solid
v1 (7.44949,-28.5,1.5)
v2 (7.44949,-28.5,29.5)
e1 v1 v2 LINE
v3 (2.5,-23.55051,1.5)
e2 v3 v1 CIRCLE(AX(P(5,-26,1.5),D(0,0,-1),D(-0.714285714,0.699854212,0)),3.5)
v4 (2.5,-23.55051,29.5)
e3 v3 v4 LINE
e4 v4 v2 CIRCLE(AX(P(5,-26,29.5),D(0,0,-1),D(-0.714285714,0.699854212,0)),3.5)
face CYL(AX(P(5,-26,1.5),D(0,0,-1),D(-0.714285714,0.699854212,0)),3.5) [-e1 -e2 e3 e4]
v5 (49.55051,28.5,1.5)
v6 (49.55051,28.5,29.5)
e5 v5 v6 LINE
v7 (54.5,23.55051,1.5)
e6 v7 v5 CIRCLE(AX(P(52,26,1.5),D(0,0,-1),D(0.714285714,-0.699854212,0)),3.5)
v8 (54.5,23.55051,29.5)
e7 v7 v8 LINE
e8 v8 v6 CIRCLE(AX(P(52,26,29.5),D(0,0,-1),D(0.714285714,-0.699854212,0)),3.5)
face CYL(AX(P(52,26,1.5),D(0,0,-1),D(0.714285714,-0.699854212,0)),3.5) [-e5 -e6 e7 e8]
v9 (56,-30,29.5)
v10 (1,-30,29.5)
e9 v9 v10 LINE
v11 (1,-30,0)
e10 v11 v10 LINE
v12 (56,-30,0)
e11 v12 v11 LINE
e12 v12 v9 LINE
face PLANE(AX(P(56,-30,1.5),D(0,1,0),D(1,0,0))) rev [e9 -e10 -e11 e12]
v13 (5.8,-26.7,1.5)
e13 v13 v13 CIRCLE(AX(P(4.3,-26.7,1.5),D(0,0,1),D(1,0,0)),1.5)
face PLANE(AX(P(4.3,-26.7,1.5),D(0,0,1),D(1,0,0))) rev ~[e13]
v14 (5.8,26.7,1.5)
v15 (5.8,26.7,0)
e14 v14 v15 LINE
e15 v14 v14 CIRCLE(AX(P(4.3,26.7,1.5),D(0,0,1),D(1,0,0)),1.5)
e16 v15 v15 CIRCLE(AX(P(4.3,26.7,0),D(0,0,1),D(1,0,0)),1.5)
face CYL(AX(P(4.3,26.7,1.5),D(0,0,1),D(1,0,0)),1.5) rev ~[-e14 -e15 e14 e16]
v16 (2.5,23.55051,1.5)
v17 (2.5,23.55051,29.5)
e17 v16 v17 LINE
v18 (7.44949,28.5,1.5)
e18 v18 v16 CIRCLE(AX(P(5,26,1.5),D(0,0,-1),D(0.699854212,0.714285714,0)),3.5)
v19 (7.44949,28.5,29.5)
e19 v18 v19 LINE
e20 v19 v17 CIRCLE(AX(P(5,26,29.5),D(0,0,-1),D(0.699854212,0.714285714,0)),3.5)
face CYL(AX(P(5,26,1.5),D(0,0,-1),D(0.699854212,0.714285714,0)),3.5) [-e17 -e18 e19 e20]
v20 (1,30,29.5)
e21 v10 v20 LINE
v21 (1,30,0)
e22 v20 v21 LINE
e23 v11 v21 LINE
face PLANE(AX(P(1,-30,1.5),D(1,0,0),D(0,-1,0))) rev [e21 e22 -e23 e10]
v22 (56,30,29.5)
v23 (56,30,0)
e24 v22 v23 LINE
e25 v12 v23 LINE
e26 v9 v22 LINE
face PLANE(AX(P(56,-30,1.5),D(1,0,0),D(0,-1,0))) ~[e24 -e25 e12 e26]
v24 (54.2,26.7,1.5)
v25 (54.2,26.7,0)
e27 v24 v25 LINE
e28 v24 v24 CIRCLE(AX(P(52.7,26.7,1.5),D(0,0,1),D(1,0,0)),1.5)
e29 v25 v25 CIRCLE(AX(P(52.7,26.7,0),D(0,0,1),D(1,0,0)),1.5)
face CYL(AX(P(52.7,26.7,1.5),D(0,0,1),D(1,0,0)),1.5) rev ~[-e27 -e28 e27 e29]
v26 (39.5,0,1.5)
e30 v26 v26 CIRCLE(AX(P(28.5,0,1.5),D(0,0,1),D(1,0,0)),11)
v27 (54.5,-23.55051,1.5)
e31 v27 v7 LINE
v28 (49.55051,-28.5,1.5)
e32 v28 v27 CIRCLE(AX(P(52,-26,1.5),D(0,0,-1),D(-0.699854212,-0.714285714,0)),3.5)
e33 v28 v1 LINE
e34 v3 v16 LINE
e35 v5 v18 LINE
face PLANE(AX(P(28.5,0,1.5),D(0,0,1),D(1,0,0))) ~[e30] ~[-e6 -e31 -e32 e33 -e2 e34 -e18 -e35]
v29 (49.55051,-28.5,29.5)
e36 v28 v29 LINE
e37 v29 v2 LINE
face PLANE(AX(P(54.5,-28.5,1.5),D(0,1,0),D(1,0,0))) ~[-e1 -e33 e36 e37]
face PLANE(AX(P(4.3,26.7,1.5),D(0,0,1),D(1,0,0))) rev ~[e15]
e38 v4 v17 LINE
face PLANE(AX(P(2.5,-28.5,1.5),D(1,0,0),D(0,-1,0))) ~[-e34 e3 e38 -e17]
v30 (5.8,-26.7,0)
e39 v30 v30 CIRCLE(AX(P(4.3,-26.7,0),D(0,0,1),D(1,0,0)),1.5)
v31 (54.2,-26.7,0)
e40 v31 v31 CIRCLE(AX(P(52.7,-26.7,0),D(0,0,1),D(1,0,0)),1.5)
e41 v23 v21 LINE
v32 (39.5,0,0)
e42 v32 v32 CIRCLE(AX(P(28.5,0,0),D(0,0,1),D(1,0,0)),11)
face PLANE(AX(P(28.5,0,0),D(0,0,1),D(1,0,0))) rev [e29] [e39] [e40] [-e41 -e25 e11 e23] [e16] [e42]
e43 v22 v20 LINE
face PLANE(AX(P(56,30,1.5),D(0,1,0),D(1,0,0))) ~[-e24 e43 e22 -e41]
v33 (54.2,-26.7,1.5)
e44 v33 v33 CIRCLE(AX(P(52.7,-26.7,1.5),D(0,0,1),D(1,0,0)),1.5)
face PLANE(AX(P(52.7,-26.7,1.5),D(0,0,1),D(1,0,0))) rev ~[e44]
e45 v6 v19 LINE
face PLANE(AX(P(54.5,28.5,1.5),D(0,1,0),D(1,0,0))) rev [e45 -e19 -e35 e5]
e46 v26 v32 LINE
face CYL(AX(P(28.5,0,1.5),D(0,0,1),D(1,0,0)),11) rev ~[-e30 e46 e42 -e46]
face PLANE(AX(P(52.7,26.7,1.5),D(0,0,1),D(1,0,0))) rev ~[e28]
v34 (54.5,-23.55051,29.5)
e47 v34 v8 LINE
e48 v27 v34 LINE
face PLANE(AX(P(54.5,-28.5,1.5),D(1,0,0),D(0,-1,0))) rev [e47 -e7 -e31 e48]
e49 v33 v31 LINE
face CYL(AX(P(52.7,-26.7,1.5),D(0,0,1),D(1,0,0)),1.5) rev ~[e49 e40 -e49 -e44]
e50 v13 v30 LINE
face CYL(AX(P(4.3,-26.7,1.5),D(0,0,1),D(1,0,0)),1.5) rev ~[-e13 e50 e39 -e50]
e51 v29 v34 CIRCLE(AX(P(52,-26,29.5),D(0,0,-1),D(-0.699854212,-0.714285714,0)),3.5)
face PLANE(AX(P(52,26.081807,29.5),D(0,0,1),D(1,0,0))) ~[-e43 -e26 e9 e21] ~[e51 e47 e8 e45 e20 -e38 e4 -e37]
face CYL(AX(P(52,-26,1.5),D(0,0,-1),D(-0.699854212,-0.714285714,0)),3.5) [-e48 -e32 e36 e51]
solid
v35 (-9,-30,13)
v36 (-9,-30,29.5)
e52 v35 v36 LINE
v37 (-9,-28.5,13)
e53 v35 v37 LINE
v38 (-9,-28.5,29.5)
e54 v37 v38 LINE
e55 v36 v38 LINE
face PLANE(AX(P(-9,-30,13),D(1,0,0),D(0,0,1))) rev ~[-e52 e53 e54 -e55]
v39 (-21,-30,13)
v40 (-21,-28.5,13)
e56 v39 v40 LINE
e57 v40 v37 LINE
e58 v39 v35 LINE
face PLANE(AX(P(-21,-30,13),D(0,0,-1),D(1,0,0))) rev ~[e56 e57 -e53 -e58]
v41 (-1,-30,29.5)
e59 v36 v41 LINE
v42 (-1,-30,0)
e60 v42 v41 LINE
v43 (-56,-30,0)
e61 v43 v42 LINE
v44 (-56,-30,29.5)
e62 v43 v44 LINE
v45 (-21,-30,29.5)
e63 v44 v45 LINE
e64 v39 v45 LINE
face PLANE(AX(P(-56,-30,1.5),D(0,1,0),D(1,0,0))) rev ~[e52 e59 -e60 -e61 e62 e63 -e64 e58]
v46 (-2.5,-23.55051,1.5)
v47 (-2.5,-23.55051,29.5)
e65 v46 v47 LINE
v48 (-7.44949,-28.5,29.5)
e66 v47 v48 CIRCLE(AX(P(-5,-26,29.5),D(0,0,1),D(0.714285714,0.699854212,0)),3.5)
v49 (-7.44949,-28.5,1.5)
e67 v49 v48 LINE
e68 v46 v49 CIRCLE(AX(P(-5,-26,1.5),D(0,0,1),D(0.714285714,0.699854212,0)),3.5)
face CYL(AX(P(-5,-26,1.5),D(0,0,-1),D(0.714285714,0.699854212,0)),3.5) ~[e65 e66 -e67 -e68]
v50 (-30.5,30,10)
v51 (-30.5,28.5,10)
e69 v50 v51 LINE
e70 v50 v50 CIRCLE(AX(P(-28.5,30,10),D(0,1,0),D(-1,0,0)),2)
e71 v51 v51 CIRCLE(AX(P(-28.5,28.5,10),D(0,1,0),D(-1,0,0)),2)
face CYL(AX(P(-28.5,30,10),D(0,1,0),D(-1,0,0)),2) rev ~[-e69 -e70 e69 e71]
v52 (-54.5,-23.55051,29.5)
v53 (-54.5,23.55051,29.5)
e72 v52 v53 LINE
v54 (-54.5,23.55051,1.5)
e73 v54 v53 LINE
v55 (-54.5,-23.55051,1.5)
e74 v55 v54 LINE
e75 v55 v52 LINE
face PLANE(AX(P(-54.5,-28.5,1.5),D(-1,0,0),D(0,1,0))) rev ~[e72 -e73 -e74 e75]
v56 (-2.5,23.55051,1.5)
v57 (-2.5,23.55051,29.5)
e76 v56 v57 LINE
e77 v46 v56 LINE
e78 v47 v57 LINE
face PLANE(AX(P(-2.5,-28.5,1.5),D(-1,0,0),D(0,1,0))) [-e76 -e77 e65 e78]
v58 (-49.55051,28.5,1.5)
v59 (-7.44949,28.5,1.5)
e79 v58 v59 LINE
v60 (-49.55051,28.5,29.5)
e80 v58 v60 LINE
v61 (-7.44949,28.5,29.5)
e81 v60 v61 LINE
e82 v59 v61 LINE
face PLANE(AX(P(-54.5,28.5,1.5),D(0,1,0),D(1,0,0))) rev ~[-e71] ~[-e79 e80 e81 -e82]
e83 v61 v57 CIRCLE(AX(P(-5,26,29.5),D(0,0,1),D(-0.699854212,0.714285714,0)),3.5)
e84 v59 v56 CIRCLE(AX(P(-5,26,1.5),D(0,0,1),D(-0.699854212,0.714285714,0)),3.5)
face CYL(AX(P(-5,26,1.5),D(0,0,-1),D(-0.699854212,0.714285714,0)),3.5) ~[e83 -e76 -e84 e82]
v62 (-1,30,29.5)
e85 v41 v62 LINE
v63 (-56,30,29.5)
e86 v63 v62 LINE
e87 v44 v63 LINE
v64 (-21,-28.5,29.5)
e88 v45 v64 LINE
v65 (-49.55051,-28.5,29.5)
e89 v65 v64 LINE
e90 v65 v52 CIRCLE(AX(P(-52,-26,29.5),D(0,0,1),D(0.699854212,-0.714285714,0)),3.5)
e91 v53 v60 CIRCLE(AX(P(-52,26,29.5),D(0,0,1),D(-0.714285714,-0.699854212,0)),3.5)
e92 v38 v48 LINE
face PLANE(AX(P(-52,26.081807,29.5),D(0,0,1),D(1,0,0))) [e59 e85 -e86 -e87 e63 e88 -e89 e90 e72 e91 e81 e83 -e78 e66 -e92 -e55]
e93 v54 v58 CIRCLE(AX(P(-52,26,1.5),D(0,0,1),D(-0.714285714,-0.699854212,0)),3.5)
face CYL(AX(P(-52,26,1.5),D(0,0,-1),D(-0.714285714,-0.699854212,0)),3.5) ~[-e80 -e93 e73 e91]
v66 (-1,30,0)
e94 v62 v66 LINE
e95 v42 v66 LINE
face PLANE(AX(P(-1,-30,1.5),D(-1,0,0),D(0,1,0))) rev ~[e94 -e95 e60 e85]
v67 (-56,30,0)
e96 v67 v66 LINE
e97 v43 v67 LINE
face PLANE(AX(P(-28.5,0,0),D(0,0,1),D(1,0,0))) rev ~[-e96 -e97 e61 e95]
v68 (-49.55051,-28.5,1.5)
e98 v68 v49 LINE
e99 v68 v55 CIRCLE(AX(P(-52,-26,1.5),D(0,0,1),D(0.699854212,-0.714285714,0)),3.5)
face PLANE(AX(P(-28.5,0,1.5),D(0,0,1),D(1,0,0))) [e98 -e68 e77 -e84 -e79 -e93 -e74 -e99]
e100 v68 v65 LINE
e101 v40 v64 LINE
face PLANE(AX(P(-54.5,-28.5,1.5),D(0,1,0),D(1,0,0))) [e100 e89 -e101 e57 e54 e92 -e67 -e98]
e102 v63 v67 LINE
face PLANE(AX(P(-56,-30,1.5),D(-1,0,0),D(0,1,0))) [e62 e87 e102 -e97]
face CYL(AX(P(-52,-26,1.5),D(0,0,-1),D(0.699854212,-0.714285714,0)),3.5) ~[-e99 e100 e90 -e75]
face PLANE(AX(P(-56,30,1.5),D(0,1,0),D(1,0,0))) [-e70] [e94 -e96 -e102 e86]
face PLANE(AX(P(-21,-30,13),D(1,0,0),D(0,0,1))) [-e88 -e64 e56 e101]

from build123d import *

# Parameters (mm, degrees)
F0_W      = 55
F0_H      = 60
F1_DEPTH  = 1.5
F2_W      = 55
F2_H      = 60
F2_W_2    = 52
F2_H_2    = 57
F3_DEPTH  = 28
F5_DEPTH  = 28
F7_R      = 11
F7_R_2    = 1.5
F8_DEPTH  = 1.501
F9_W      = 12
F9_H      = 16.5
F10_DEPTH = 1.5
F11_R     = 2
F12_DEPTH = 1.5


with BuildPart() as f1:
    # F0 (on Top) → F1 (new body)
    with BuildSketch(Plane.XY):
        with Locations((-28.5, 0)):
            Rectangle(F0_W, F0_H)
    extrude(amount=F1_DEPTH)

    # F2 (on face) → F3 (join)
    with BuildSketch(Plane.XY.offset(1.5)):
        with Locations((-28.5, 0)):
            Rectangle(F2_W, F2_H)
        with Locations((-28.5, 0)):
            Rectangle(F2_W_2, F2_H_2, mode=Mode.SUBTRACT)
    extrude(amount=F3_DEPTH)

    # F4 (on face) → F5 (join, through all)
    with BuildSketch(Plane.XY.offset(1.5)):
        with BuildLine():
            ThreePointArc((-54.5, 26), (-52, 23.5), (-49.5, 26))
            ThreePointArc((-49.5, 26), (-50.232233047, 27.767766953), (-52, 28.5))
            ThreePointArc((-52, 28.5), (-53.767766953, 27.767766953), (-54.5, 26))
        make_face()
        with BuildLine():
            ThreePointArc((-52, 28.5), (-50.232233047, 27.767766953), (-49.5, 26))
            ThreePointArc((-49.5, 26), (-52, 23.5), (-54.5, 26))
            Line((-54.5, 26), (-54.5, 23.5505102572))
            ThreePointArc((-54.5, 23.5505102572), (-49.5251262658, 23.5251262658), (-49.5505102572, 28.5))
            Line((-49.5505102572, 28.5), (-52, 28.5))
        make_face()
        with BuildLine():
            ThreePointArc((-54.5, 26), (-53.767766953, 27.767766953), (-52, 28.5))
            Line((-52, 28.5), (-54.4494897428, 28.5))
            ThreePointArc((-54.4494897428, 28.5), (-54.4748737342, 28.4748737342), (-54.5, 28.4494897428))
            Line((-54.5, 28.4494897428), (-54.5, 26))
        make_face()
        with BuildLine():
            ThreePointArc((-54.5, 28.4494897428), (-54.4748737342, 28.4748737342), (-54.4494897428, 28.5))
            Line((-54.4494897428, 28.5), (-54.5, 28.5))
            Line((-54.5, 28.5), (-54.5, 28.4494897428))
        make_face()
        with BuildLine():
            ThreePointArc((-5, 28.5), (-6.767766953, 24.232233047), (-2.5, 26))
            ThreePointArc((-2.5, 26), (-3.232233047, 27.767766953), (-5, 28.5))
        make_face()
        with BuildLine():
            Line((-2.5, 23.5505102572), (-2.5, 26))
            ThreePointArc((-2.5, 26), (-6.767766953, 24.232233047), (-5, 28.5))
            Line((-5, 28.5), (-7.4494897428, 28.5))
            ThreePointArc((-7.4494897428, 28.5), (-7.4748737342, 23.5251262658), (-2.5, 23.5505102572))
        make_face()
        with BuildLine():
            ThreePointArc((-5, 28.5), (-3.232233047, 27.767766953), (-2.5, 26))
            Line((-2.5, 26), (-2.5, 28.5))
            Line((-2.5, 28.5), (-5, 28.5))
        make_face()
        with BuildLine():
            Line((-52, -28.5), (-49.5505102572, -28.5))
            ThreePointArc((-49.5505102572, -28.5), (-49.5251262658, -23.5251262658), (-54.5, -23.5505102572))
            Line((-54.5, -23.5505102572), (-54.5, -26))
            ThreePointArc((-54.5, -26), (-52, -23.5), (-49.5, -26))
            ThreePointArc((-49.5, -26), (-50.232233047, -27.767766953), (-52, -28.5))
        make_face()
        with BuildLine():
            Line((-54.5, -28.5), (-52, -28.5))
            ThreePointArc((-52, -28.5), (-53.767766953, -27.767766953), (-54.5, -26))
            Line((-54.5, -26), (-54.5, -28.5))
        make_face()
        with BuildLine():
            ThreePointArc((-54.5, -26), (-53.767766953, -27.767766953), (-52, -28.5))
            ThreePointArc((-52, -28.5), (-50.232233047, -27.767766953), (-49.5, -26))
            ThreePointArc((-49.5, -26), (-52, -23.5), (-54.5, -26))
        make_face()
        with BuildLine():
            ThreePointArc((-2.5, -23.5505102572), (-7.4748737342, -23.5251262658), (-7.4494897428, -28.5))
            Line((-7.4494897428, -28.5), (-5, -28.5))
            ThreePointArc((-5, -28.5), (-6.767766953, -24.232233047), (-2.5, -26))
            Line((-2.5, -26), (-2.5, -23.5505102572))
        make_face()
        with BuildLine():
            ThreePointArc((-2.5, -26), (-3.232233047, -27.767766953), (-5, -28.5))
            Line((-5, -28.5), (-2.5, -28.5))
            Line((-2.5, -28.5), (-2.5, -26))
        make_face()
        with BuildLine():
            ThreePointArc((-2.5, -26), (-6.767766953, -24.232233047), (-5, -28.5))
            ThreePointArc((-5, -28.5), (-3.232233047, -27.767766953), (-2.5, -26))
        make_face()
    extrude(amount=F5_DEPTH)


with BuildPart() as f6_1:
    # F6: instance of F1
    add(f1.part.mirror(Plane.YZ))

    # F7 (on face) → F8 (cut, through all)
    with BuildSketch(Plane.XY.offset(1.5)):
        with Locations((28.5, 0)):
            Circle(F7_R)
        with Locations((4.3, 26.7)):
            Circle(F7_R_2)
        with Locations((52.7, 26.7)):
            Circle(F7_R_2)
        with Locations((52.7, -26.7)):
            Circle(F7_R_2)
        with Locations((4.3, -26.7)):
            Circle(F7_R_2)
    extrude(amount=-F8_DEPTH, mode=Mode.SUBTRACT)


with BuildPart() as f1_1:
    add(f1.part)

    # F9 (on face) → F10 (cut, through all)
    with BuildSketch(Plane.XZ.offset(30)):
        with Locations((-15, 21.25)):
            Rectangle(F9_W, F9_H)
    extrude(amount=-F10_DEPTH, mode=Mode.SUBTRACT)

    # F11 (on face) → F12 (cut, through all)
    with BuildSketch(Plane(origin=(0, 30, 0), x_dir=(-1, 0, 0), z_dir=(0, 1, 0))):
        with Locations((28.5, 10)):
            Circle(F11_R)
    extrude(amount=-F12_DEPTH, mode=Mode.SUBTRACT)


solid = Compound([f6_1.part, f1_1.part])
